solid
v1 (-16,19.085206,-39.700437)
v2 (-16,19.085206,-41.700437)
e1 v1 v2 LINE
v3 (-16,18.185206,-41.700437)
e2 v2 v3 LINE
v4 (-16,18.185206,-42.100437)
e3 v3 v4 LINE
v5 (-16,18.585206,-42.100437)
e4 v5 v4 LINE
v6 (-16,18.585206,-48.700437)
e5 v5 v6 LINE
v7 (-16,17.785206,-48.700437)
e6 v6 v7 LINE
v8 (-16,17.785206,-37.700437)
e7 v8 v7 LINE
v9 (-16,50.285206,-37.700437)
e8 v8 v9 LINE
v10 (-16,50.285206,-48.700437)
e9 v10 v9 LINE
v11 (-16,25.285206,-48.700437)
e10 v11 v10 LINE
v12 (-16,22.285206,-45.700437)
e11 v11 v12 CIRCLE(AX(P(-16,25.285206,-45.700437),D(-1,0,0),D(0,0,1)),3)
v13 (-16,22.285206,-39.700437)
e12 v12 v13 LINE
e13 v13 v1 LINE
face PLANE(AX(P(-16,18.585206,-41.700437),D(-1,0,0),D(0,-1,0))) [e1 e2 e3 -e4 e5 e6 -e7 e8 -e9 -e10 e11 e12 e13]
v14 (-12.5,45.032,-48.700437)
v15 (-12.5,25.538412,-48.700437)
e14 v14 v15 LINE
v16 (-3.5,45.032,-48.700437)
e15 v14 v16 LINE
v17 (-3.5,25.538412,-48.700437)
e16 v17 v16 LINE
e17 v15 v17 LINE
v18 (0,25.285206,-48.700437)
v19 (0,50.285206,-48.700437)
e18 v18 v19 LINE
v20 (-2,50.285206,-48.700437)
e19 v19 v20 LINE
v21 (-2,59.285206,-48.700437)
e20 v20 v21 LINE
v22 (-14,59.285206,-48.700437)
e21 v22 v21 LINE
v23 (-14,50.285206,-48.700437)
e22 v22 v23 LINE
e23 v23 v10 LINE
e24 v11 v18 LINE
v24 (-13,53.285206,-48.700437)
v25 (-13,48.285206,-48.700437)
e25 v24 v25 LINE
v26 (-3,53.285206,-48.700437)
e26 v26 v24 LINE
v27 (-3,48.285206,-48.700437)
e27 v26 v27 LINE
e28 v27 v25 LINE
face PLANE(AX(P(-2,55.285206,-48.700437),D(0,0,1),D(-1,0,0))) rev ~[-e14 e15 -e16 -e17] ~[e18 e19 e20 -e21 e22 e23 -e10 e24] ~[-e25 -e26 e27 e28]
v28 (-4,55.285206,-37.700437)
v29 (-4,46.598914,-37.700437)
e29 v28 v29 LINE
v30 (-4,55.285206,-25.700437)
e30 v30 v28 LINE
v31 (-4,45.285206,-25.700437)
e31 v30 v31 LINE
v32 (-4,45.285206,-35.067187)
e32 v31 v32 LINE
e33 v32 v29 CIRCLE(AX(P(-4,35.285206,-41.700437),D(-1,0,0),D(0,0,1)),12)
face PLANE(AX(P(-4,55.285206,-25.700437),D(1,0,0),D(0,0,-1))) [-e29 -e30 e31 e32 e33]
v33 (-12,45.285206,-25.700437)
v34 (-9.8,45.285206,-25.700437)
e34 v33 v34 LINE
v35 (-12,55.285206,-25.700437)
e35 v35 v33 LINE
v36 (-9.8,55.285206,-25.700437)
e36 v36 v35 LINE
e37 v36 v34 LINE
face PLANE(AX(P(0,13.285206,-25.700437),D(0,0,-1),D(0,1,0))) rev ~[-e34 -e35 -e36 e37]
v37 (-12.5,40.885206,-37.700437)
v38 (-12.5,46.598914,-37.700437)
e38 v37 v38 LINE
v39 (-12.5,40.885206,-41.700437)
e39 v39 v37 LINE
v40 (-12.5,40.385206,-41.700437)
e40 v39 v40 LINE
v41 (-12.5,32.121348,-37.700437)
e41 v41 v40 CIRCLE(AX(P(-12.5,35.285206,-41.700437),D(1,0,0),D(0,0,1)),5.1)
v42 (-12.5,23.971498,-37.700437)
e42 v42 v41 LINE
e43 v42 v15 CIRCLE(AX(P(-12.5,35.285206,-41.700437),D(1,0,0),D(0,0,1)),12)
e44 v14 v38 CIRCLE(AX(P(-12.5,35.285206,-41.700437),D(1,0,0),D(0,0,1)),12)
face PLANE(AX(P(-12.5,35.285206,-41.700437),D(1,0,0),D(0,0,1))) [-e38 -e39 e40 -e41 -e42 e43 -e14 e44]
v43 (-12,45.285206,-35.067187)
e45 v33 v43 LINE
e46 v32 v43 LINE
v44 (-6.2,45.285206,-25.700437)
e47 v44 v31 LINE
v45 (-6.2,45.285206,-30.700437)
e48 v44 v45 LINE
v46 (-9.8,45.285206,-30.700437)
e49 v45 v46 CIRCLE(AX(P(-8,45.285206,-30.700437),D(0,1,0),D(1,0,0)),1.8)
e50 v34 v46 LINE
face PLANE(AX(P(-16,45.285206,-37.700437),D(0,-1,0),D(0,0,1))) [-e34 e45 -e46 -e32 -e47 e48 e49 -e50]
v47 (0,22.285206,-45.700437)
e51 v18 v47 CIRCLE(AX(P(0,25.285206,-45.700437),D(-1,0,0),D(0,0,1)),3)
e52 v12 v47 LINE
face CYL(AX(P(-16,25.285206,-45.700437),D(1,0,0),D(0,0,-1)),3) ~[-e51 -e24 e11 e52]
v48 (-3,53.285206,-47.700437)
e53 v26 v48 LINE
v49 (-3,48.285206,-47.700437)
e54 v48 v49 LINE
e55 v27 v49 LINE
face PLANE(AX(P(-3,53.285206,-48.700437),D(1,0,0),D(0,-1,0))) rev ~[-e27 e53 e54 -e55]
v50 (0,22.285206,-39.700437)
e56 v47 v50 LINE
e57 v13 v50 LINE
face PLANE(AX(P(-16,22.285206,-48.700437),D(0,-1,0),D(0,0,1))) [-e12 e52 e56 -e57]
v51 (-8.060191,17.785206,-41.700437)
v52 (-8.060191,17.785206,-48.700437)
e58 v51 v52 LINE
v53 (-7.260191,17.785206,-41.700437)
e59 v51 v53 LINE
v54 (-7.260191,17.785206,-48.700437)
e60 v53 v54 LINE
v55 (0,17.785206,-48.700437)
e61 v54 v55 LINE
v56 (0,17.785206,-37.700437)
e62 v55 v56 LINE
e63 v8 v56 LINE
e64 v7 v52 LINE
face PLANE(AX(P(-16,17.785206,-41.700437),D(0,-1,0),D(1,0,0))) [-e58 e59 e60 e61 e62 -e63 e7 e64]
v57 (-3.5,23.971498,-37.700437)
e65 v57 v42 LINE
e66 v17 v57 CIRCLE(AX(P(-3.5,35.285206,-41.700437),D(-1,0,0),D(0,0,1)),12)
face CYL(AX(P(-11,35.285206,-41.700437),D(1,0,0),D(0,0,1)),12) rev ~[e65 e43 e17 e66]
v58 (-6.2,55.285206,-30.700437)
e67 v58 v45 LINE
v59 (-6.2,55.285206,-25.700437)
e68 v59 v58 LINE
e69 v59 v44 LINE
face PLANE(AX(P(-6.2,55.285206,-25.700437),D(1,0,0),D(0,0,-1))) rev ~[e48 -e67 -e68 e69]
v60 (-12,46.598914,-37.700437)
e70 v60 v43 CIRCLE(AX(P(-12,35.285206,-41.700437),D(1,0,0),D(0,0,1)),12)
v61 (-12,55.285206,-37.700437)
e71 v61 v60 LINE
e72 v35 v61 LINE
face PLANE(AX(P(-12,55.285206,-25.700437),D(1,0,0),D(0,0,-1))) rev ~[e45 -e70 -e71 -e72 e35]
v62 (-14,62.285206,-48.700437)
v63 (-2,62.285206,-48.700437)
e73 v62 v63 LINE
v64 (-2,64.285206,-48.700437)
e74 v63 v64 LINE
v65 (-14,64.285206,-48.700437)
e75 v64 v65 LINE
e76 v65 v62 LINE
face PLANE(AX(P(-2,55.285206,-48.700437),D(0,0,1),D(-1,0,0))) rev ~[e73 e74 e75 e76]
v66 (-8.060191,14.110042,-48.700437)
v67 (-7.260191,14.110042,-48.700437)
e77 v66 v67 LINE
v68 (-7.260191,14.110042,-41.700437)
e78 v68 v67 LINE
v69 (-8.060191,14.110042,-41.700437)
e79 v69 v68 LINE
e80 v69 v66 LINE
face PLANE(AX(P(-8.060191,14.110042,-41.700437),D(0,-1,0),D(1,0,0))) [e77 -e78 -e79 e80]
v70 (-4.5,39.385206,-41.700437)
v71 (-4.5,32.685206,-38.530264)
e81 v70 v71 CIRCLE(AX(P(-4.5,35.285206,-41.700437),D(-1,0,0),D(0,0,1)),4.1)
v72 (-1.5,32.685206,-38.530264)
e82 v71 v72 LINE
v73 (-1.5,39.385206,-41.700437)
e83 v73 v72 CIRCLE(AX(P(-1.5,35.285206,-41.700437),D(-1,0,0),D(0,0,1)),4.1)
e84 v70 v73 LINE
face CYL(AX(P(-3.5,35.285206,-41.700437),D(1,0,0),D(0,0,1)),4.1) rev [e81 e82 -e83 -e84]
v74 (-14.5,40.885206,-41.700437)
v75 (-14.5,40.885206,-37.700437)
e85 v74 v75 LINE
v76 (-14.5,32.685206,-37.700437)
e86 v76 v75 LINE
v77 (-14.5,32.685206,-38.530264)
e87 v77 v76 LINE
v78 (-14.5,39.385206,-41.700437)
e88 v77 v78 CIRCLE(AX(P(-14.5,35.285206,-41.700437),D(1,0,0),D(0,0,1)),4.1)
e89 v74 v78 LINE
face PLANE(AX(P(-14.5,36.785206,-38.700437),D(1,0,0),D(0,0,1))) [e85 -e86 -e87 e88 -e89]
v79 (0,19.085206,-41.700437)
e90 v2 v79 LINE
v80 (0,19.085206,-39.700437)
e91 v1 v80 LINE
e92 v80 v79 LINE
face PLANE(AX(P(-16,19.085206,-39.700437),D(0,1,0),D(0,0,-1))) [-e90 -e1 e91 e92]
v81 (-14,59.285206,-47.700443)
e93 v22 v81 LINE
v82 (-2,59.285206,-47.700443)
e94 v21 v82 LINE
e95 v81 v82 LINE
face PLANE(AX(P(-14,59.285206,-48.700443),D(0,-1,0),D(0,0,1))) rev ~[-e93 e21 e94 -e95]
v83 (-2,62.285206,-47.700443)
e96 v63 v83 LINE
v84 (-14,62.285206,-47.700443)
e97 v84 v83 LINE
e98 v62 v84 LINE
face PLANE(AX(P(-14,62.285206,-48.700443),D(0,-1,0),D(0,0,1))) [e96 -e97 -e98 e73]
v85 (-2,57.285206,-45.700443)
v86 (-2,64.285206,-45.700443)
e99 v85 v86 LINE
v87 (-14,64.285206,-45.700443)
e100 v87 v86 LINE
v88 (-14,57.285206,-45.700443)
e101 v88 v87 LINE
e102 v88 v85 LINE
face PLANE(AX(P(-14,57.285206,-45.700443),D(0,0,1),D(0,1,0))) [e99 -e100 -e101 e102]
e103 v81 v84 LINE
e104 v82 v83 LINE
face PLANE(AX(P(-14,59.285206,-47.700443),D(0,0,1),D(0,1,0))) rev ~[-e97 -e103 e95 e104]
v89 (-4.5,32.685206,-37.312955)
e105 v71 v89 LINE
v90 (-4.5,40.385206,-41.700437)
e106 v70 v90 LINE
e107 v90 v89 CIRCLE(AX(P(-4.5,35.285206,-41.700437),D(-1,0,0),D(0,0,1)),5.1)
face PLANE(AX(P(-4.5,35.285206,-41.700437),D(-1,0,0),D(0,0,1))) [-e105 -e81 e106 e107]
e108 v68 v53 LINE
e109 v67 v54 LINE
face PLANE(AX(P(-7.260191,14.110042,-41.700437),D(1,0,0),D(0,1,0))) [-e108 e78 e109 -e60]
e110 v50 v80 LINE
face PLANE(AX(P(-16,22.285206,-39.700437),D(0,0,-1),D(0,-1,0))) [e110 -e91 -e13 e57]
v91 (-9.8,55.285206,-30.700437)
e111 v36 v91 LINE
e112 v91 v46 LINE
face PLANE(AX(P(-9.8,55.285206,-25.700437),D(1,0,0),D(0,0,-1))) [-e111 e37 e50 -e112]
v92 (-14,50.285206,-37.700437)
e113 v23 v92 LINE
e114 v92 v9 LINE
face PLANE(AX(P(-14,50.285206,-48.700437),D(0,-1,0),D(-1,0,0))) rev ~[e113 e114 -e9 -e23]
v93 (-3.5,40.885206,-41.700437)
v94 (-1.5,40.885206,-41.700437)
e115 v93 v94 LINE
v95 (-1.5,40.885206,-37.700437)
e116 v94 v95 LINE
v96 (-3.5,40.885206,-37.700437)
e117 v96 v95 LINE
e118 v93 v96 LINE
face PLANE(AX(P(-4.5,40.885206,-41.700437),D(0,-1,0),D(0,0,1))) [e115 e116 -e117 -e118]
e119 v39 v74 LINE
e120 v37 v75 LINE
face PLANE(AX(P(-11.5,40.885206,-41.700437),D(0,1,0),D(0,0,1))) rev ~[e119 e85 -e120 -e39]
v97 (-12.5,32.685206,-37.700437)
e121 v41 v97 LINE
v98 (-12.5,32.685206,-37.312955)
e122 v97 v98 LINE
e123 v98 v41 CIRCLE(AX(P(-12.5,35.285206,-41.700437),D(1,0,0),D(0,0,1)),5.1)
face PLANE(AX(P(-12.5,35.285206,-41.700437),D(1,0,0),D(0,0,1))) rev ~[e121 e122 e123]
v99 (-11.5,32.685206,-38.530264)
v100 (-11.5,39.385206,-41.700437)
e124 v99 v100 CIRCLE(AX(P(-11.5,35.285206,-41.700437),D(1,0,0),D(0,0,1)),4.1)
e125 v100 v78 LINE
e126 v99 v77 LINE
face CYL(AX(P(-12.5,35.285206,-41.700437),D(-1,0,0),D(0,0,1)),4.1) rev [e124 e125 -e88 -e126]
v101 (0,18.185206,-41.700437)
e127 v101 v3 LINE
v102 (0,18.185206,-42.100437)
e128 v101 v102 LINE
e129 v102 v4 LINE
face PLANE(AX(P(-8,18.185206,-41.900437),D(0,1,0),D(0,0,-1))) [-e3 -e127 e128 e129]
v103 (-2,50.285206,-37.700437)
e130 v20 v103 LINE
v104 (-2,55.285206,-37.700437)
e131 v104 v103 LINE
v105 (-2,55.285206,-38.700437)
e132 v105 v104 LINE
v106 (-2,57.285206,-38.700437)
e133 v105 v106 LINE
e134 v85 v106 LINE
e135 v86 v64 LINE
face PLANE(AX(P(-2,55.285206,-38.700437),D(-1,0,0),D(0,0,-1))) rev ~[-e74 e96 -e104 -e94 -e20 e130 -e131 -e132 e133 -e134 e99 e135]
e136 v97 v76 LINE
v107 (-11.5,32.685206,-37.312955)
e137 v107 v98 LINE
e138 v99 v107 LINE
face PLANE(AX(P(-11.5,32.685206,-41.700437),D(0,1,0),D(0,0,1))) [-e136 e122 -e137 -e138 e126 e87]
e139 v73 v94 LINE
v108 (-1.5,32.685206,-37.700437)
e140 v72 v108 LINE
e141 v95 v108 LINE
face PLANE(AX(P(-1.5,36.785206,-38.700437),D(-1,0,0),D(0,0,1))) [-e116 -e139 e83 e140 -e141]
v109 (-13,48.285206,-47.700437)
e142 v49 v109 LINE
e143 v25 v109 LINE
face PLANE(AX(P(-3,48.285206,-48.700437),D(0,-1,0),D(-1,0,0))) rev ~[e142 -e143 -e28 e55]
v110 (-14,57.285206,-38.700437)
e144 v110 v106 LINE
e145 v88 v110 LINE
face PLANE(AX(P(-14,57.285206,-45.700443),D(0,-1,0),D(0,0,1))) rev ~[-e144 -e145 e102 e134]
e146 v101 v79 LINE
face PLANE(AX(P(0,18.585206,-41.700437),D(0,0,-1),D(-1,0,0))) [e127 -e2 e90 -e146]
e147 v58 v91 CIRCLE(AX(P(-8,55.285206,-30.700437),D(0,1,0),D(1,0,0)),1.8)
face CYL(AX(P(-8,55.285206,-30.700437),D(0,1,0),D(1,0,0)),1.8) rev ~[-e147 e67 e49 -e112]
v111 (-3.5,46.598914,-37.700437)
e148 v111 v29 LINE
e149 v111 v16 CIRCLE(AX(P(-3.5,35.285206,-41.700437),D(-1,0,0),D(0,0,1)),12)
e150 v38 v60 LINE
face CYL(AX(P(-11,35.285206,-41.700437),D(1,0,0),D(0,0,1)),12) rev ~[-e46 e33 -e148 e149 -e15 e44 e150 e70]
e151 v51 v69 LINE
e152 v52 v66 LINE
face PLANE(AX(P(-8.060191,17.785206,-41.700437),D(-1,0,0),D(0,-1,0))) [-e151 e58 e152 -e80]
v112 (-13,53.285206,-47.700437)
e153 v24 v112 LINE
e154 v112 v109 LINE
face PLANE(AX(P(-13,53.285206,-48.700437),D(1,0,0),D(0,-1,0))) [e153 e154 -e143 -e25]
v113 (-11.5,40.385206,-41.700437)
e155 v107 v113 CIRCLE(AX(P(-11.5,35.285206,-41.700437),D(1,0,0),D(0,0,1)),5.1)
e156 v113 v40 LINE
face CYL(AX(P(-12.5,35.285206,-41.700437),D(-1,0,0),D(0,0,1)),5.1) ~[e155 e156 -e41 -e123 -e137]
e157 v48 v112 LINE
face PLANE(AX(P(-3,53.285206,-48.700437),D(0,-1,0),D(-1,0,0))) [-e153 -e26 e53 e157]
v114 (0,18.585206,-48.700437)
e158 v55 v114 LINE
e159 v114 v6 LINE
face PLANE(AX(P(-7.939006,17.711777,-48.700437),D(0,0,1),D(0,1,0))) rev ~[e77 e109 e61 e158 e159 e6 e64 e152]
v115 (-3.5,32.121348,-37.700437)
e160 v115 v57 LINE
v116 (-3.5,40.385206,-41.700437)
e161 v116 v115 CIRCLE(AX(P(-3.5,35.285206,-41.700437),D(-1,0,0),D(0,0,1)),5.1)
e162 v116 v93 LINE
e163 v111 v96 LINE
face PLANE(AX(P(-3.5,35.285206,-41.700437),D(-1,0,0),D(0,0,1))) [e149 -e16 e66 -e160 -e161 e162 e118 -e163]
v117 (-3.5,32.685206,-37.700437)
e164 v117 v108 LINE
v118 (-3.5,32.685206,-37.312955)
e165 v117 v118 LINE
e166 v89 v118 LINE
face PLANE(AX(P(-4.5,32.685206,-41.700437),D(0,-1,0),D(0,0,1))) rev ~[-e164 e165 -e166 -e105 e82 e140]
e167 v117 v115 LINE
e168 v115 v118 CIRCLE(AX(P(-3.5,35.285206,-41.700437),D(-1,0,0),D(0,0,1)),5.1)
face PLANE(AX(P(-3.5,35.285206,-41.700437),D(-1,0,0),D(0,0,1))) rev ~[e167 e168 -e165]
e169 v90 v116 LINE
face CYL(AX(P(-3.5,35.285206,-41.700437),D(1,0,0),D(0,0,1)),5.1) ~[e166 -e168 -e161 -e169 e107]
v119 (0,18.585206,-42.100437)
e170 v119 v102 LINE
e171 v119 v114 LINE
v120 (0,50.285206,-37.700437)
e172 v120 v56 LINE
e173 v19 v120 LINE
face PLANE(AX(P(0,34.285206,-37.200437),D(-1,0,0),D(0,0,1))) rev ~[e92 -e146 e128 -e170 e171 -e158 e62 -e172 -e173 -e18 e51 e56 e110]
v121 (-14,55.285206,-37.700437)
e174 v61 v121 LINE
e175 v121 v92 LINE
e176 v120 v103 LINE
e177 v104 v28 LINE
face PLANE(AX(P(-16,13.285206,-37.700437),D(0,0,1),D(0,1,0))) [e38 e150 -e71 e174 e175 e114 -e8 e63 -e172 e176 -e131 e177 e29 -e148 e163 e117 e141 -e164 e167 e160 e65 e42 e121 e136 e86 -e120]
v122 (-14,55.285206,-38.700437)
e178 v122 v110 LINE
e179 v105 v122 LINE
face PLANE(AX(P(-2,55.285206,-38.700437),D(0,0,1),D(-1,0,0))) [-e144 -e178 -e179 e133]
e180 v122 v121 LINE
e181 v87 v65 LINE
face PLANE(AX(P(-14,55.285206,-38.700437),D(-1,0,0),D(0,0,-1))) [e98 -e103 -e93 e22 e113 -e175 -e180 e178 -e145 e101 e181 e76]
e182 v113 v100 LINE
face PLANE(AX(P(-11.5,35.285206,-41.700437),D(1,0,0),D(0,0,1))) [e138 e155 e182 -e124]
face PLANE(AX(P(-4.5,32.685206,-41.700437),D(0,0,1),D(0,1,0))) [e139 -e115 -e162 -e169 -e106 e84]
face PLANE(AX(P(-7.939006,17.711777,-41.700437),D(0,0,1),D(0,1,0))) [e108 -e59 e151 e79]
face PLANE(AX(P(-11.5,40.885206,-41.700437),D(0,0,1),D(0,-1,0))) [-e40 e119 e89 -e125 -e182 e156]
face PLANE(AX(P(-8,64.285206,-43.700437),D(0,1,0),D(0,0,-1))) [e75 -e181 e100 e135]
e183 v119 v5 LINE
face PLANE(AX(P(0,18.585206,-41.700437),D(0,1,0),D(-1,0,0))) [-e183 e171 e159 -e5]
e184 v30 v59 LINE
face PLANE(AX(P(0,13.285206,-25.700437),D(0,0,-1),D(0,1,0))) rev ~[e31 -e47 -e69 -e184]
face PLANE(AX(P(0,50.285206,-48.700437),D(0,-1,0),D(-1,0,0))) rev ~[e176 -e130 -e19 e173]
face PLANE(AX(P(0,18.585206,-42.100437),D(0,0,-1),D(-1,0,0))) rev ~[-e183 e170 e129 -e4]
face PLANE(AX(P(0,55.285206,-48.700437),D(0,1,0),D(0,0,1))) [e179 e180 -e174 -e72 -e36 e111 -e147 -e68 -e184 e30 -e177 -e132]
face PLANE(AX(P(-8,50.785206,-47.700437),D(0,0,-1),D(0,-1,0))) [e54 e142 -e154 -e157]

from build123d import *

# Parameters (mm, degrees)
SKETCH_W        = 23
SKETCH_H        = 42
PAD_DEPTH       = 16
SKETCH001_W     = 12
SKETCH001_H     = 32
POCKET_DEPTH    = 16
SKETCH002_W     = 12
SKETCH002_H     = 4
POCKET001_DEPTH = 10
SKETCH003_W     = 6
SKETCH003_H     = 6
POCKET002_DEPTH = 11
SKETCH004_R     = 12
POCKET003_DEPTH = 1.5
SKETCH005_R     = 12
POCKET004_DEPTH = 1.5
SKETCH006_R     = 4.1
POCKET005_DEPTH = 2
SKETCH007_R     = 4.1
POCKET006_DEPTH = 2
SKETCH008_R     = 5.1
SKETCH008_R_2   = 4.1
PAD001_DEPTH    = 1
SKETCH009_R     = 5.1
SKETCH009_R_2   = 4.1
PAD002_DEPTH    = 1
SKETCH010_W     = 6
SKETCH010_H     = 8.2
POCKET007_DEPTH = 3
SKETCH011_W     = 6
SKETCH011_H     = 8.2
POCKET008_DEPTH = 3
SKETCH012_R     = 12
POCKET009_DEPTH = 6
SKETCH013_W     = 5
SKETCH013_H     = 10
POCKET010_DEPTH = 1
POCKET011_DEPTH = 16
SKETCH015_W     = 5
SKETCH015_H     = 2
POCKET012_DEPTH = 11
FILLET_R        = 3
PAD003_DEPTH    = 7
SKETCH017_W     = 0.4
SKETCH017_H     = 16
POCKET013_DEPTH = 0.4
SKETCH018_W     = 10
SKETCH018_H     = 12
PAD004_DEPTH    = 9
SKETCH019_W     = 1
SKETCH019_H     = 3
SKETCH019_W_2   = 7.000006
SKETCH019_H_2   = 7
POCKET014_DEPTH = 14.001


with BuildPart() as part:
    # Sketch → Pad (new body)
    with BuildSketch(Plane.ZY):
        with Locations((-37.200437, 34.285206)):
            Rectangle(SKETCH_W, SKETCH_H)
    extrude(amount=PAD_DEPTH)

    # Sketch001 → Pocket (cut)
    with BuildSketch(Plane.ZY.offset(16)):
        with Locations((-31.700437, 29.285206)):
            Rectangle(SKETCH001_W, SKETCH001_H)
    extrude(amount=-POCKET_DEPTH, mode=Mode.SUBTRACT)

    # Sketch002 → Pocket001 (cut)
    with BuildSketch(Plane(origin=(0, 55.285206, 0), x_dir=(0, 0, -1), z_dir=(0, 1, 0))):
        with Locations((31.700437, 2)):
            Rectangle(SKETCH002_W, SKETCH002_H)
        with Locations((31.700437, 14)):
            Rectangle(SKETCH002_W, SKETCH002_H)
        with BuildLine():
            ThreePointArc((30.700437, 6.2), (32.500437, 8), (30.700437, 9.8))
            Line((25.700437, 9.8), (30.700437, 9.8))
            Line((25.700437, 6.2), (25.700437, 9.8))
            Line((25.700437, 6.2), (30.700437, 6.2))
        make_face()
    extrude(amount=-POCKET001_DEPTH, mode=Mode.SUBTRACT)

    # Sketch003 → Pocket002 (cut)
    with BuildSketch(Plane(origin=(0, 0, -48.700437), x_dir=(0, -1, 0), z_dir=(0, 0, -1))):
        with Locations((-35.285206, 8)):
            Rectangle(SKETCH003_W, SKETCH003_H)
    extrude(amount=-POCKET002_DEPTH, mode=Mode.SUBTRACT)

    # Sketch004 → Pocket003 (cut)
    with BuildSketch(Plane.ZY.offset(5)):
        with Locations((-41.700437, 35.285206)):
            Circle(SKETCH004_R)
    extrude(amount=-POCKET003_DEPTH, mode=Mode.SUBTRACT)

    # Sketch005 → Pocket004 (cut)
    with BuildSketch(Plane(origin=(-11, 0, 0), x_dir=(0, 0, 1), z_dir=(1, 0, 0))):
        with Locations((-41.700437, -35.285206)):
            Circle(SKETCH005_R)
    extrude(amount=-POCKET004_DEPTH, mode=Mode.SUBTRACT)

    # Sketch006 → Pocket005 (cut)
    with BuildSketch(Plane.ZY.offset(3.5)):
        with Locations((-41.700437, 35.285206)):
            Circle(SKETCH006_R)
    extrude(amount=-POCKET005_DEPTH, mode=Mode.SUBTRACT)

    # Sketch007 → Pocket006 (cut)
    with BuildSketch(Plane(origin=(-12.5, 0, 0), x_dir=(0, 0, 1), z_dir=(1, 0, 0))):
        with Locations((-41.700437, -35.285206)):
            Circle(SKETCH007_R)
    extrude(amount=-POCKET006_DEPTH, mode=Mode.SUBTRACT)

    # Sketch008 → Pad001 (new body)
    with BuildSketch(Plane.ZY.offset(3.5)):
        with Locations((-41.700437, 35.285206)):
            Circle(SKETCH008_R)
        with Locations((-41.700437, 35.285206)):
            Circle(SKETCH008_R_2, mode=Mode.SUBTRACT)
    extrude(amount=PAD001_DEPTH)

    # Sketch009 → Pad002 (new body)
    with BuildSketch(Plane(origin=(-12.5, 0, 0), x_dir=(0, 0, 1), z_dir=(1, 0, 0))):
        with Locations((-41.700437, -35.285206)):
            Circle(SKETCH009_R)
        with Locations((-41.700437, -35.285206)):
            Circle(SKETCH009_R_2, mode=Mode.SUBTRACT)
    extrude(amount=PAD002_DEPTH)

    # Sketch010 → Pocket007 (cut)
    with BuildSketch(Plane.ZY.offset(4.5)):
        with Locations((-38.700437, 36.785206)):
            Rectangle(SKETCH010_W, SKETCH010_H)
    extrude(amount=-POCKET007_DEPTH, mode=Mode.SUBTRACT)

    # Sketch011 → Pocket008 (cut)
    with BuildSketch(Plane(origin=(-11.5, 0, 0), x_dir=(0, 0, 1), z_dir=(1, 0, 0))):
        with Locations((-38.700437, -36.785206)):
            Rectangle(SKETCH011_W, SKETCH011_H)
    extrude(amount=-POCKET008_DEPTH, mode=Mode.SUBTRACT)

    # Sketch012 → Pocket009 (cut)
    with BuildSketch(Plane.ZY.offset(11)):
        with Locations((-41.700437, 35.285206)):
            Circle(SKETCH012_R)
    extrude(amount=-POCKET009_DEPTH, mode=Mode.SUBTRACT)

    # Sketch013 → Pocket010 (cut)
    with BuildSketch(Plane(origin=(0, 0, -48.700437), x_dir=(0, -1, 0), z_dir=(0, 0, -1))):
        with Locations((-50.785206, 8)):
            Rectangle(SKETCH013_W, SKETCH013_H)
    extrude(amount=-POCKET010_DEPTH, mode=Mode.SUBTRACT)

    # Sketch014 → Pocket011 (cut)
    with BuildSketch(Plane.ZY.offset(16)):
        Polygon((-37.700437, 13.285206), (-48.700437, 13.285206), (-48.700437, 22.285206), (-39.700437, 22.285206), (-39.700437, 19.085206), (-41.700437, 19.085206), (-41.700437, 17.785206), (-37.700437, 17.785206), align=None)
    extrude(amount=-POCKET011_DEPTH, mode=Mode.SUBTRACT)

    # Sketch015 → Pocket012 (cut)
    with BuildSketch(Plane(origin=(0, 0, -48.700437), x_dir=(0, -1, 0), z_dir=(0, 0, -1))):
        with Locations((-52.785206, 1)):
            Rectangle(SKETCH015_W, SKETCH015_H)
        with Locations((-52.785206, 15)):
            Rectangle(SKETCH015_W, SKETCH015_H)
    extrude(amount=-POCKET012_DEPTH, mode=Mode.SUBTRACT)

    # Fillet
    fillet_edges = [part.edges().sort_by_distance(p)[0] for p in [
        (-8, 22.285206, -48.700437),
    ]]
    fillet(fillet_edges, radius=FILLET_R)

    # Sketch016 → Pad003 (new body)
    with BuildSketch(Plane(origin=(0, 0, -41.700437), x_dir=(0, -1, 0), z_dir=(0, 0, -1))):
        Polygon((-17.785206, 16), (-17.785206, 8.060191), (-14.110042, 8.060191), (-14.110042, 7.260191), (-17.785206, 7.260191), (-17.785206, 0), (-18.585206, 0), (-18.585206, 16), align=None)
    extrude(amount=PAD003_DEPTH)

    # Sketch017 → Pocket013 (cut)
    with BuildSketch(Plane(origin=(0, 18.585206, 0), x_dir=(0, 0, -1), z_dir=(0, 1, 0))):
        with Locations((41.900437, 8)):
            Rectangle(SKETCH017_W, SKETCH017_H)
    extrude(amount=-POCKET013_DEPTH, mode=Mode.SUBTRACT)

    # Sketch018 → Pad004 (new body)
    with BuildSketch(Plane(origin=(0, 55.285206, 0), x_dir=(0, 0, -1), z_dir=(0, 1, 0))):
        with Locations((43.700437, 8)):
            Rectangle(SKETCH018_W, SKETCH018_H)
    extrude(amount=PAD004_DEPTH)

    # Sketch019 → Pocket014 (cut, through all)
    with BuildSketch(Plane.ZY.offset(14)):
        with Locations((-48.200443, 60.785206)):
            Rectangle(SKETCH019_W, SKETCH019_H)
        with Locations((-42.20044, 60.785206)):
            Rectangle(SKETCH019_W_2, SKETCH019_H_2)
    extrude(amount=-POCKET014_DEPTH, mode=Mode.SUBTRACT)


solid = part.part
